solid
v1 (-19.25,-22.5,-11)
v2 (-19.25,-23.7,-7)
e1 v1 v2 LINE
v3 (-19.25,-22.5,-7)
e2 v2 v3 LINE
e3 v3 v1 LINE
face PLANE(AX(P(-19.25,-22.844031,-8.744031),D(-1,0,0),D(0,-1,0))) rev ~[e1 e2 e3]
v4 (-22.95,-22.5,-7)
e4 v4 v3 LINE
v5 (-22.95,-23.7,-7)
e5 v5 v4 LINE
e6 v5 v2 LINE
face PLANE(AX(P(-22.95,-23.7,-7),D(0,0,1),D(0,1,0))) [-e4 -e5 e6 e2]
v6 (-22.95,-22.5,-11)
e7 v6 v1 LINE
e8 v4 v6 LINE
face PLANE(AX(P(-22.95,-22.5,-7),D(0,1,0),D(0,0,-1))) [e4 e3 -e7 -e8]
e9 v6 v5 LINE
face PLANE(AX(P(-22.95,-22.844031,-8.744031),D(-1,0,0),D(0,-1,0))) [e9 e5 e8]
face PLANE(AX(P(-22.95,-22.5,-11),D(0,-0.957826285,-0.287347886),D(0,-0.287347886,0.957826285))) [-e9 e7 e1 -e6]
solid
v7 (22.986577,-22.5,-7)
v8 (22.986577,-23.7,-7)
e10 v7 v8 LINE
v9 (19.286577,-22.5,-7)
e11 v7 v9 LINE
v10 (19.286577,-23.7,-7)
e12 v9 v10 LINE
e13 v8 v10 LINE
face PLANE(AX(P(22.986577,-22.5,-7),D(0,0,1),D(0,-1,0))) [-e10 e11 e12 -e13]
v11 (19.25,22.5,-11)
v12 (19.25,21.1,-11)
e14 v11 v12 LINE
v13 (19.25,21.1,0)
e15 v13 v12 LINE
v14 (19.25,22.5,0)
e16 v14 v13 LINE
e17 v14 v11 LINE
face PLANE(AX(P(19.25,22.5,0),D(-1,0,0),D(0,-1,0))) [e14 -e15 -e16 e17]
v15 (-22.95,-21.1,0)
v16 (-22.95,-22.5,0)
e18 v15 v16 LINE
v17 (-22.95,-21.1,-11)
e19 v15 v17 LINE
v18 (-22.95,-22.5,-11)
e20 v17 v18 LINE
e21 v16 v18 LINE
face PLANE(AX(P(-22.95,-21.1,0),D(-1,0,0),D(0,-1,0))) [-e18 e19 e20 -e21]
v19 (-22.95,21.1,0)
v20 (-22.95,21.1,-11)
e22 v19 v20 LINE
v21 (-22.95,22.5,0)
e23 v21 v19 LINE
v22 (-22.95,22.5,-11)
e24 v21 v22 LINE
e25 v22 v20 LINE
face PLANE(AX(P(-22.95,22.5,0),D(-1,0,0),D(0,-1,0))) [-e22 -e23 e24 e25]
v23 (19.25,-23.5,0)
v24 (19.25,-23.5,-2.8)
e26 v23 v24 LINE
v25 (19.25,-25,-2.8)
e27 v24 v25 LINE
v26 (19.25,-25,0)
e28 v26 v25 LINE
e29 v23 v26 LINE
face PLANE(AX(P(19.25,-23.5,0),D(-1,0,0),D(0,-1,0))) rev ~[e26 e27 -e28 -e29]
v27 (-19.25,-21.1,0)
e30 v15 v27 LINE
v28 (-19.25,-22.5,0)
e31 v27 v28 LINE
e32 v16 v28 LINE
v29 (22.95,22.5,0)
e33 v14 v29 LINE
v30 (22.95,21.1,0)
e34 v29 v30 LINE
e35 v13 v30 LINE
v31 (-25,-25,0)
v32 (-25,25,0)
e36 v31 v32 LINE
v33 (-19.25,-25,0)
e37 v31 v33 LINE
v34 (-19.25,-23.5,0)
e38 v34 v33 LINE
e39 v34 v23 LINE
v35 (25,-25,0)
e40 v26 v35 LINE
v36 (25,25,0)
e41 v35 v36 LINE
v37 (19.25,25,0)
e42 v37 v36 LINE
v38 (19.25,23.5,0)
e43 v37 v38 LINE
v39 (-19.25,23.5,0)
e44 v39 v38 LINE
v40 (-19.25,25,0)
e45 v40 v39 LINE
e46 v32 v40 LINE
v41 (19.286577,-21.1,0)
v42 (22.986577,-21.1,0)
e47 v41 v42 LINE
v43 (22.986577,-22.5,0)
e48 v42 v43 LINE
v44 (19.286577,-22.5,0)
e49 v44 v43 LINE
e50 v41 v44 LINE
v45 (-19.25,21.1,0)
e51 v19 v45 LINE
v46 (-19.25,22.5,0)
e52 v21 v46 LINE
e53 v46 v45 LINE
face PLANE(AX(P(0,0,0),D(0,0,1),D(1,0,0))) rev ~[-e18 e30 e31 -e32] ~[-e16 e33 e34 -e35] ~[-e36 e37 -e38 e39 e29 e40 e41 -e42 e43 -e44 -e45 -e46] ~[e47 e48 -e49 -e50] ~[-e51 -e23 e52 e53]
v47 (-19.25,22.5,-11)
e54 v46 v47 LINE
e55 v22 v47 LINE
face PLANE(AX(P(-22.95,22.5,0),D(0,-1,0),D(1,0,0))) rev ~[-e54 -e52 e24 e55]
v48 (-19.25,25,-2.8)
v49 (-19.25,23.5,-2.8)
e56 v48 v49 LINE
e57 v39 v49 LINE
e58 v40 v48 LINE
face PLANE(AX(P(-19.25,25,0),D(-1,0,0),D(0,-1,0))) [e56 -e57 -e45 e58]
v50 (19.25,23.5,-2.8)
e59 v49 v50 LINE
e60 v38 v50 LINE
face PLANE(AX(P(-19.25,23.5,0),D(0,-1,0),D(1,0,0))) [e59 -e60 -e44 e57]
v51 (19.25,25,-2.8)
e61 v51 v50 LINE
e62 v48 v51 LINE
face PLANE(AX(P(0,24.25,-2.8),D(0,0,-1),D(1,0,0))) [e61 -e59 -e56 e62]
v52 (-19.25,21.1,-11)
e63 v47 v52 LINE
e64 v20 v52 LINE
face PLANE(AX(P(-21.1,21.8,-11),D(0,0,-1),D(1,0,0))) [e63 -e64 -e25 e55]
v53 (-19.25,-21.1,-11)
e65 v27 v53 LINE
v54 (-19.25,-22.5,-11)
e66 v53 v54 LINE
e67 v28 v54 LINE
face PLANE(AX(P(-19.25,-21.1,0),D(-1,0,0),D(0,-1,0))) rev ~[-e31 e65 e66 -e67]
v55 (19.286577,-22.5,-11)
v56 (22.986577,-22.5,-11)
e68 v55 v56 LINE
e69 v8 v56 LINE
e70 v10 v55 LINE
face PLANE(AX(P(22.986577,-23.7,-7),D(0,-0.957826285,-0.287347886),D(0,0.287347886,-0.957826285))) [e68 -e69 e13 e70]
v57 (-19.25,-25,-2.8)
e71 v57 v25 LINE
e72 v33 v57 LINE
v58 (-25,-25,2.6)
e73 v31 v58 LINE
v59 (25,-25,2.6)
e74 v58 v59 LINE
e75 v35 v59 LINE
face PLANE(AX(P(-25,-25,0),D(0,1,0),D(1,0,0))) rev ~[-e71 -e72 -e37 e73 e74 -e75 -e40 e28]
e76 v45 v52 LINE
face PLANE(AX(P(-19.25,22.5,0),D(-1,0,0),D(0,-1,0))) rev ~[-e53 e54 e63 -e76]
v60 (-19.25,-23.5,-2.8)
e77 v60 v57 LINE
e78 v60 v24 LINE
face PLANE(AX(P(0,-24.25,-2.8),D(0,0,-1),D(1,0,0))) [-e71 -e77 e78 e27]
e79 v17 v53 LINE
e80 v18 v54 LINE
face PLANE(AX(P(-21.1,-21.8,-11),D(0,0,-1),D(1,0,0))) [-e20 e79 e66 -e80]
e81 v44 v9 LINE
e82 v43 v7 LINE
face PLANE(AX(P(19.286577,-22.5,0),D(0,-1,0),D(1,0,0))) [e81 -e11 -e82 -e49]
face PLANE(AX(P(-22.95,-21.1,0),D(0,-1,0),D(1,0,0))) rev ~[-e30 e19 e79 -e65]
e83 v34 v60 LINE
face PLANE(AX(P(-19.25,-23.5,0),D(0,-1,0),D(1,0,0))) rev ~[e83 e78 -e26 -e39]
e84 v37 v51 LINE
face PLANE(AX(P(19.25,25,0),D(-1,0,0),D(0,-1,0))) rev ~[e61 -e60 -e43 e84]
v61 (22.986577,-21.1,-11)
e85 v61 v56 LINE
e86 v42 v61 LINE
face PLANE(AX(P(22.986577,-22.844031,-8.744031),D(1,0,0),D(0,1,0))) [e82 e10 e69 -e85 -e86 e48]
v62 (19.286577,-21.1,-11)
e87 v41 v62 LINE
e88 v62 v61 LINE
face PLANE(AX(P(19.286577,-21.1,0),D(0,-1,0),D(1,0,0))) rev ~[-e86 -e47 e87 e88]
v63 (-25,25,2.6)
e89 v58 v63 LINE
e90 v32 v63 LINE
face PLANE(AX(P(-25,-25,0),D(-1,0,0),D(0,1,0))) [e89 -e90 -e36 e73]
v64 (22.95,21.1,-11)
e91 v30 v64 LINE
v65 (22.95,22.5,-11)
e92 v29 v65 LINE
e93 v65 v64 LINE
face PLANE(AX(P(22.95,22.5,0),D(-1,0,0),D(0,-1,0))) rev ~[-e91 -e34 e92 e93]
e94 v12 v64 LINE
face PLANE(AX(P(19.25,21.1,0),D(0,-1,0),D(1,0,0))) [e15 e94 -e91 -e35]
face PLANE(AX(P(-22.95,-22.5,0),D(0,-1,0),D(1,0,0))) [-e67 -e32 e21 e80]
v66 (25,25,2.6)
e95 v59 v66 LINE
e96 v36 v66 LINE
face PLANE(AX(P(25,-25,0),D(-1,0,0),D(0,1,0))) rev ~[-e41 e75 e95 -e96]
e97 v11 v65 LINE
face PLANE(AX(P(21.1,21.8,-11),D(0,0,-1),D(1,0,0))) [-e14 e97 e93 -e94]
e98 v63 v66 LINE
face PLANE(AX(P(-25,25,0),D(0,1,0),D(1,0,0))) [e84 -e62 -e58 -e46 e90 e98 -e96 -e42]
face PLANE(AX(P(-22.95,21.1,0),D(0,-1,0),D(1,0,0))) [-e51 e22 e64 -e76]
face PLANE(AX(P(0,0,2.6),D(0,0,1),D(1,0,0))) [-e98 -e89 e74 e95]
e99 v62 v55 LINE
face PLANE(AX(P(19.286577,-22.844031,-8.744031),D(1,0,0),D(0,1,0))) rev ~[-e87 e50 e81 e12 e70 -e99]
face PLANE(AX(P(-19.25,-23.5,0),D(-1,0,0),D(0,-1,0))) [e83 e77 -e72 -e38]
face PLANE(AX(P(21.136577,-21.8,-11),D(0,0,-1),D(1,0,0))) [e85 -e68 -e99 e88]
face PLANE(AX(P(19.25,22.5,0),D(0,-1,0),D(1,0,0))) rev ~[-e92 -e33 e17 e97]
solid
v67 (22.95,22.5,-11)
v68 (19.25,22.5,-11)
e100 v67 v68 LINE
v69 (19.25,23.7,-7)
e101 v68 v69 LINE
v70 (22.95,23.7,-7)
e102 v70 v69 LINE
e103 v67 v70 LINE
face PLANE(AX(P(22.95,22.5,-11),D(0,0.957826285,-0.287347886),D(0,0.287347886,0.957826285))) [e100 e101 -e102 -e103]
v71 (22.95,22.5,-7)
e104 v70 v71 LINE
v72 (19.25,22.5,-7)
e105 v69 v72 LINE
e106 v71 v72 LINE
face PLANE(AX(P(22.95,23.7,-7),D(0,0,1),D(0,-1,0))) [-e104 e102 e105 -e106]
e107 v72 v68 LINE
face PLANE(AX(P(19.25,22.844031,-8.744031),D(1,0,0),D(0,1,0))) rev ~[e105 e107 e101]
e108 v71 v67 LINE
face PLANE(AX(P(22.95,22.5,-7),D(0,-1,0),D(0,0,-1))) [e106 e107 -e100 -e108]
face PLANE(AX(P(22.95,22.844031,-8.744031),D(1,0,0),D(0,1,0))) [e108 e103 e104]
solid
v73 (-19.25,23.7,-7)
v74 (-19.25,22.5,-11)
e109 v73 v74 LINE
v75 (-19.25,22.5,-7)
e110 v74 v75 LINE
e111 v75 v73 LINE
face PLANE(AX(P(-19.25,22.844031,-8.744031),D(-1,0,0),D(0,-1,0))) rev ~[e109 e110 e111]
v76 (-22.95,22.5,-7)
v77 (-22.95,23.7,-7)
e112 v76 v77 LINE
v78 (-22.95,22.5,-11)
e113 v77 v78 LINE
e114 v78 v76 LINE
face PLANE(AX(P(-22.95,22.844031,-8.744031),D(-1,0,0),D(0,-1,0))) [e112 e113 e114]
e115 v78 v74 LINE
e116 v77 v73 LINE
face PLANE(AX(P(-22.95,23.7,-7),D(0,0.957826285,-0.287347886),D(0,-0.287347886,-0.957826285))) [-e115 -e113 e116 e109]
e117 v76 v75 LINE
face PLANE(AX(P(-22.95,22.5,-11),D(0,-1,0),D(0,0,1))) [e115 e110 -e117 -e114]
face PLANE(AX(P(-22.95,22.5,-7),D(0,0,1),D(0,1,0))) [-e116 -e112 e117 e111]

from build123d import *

# Parameters (mm, degrees)
F0_W      = 50
F0_H      = 50
F1_DEPTH  = 2.6
F3_W      = 38.5
F3_H      = 1.5
F4_DEPTH  = 2.8
F5_W      = 3.7
F5_H      = 1.4
F6_DEPTH  = 11
F9_DEPTH  = 3.7
F12_DEPTH = 3.7
F15_DEPTH = 3.7
F18_DEPTH = 3.7


with BuildPart() as f1:
    # F0 (on Top) → F1 (new body)
    with BuildSketch(Plane.XY):
        Rectangle(F0_W, F0_H)
    extrude(amount=F1_DEPTH)

    # F3 (on offset) → F4 (join)
    with BuildSketch(Plane(origin=(0, 0, 0), x_dir=(1, 0, 0), z_dir=(0, 0, -1))):
        with Locations((0, 24.25)):
            Rectangle(F3_W, F3_H)
        with Locations((0, -24.25)):
            Rectangle(F3_W, F3_H)
    extrude(amount=F4_DEPTH)

    # F5 (on offset) → F6 (join)
    with BuildSketch(Plane(origin=(0, 0, 0), x_dir=(1, 0, 0), z_dir=(0, 0, -1))):
        with Locations((21.1365766585, 21.8)):
            Rectangle(F5_W, F5_H)
        with Locations((-21.1, 21.8)):
            Rectangle(F5_W, F5_H)
        with Locations((-21.1, -21.8)):
            Rectangle(F5_W, F5_H)
        with Locations((21.1, -21.8)):
            Rectangle(F5_W, F5_H)
    extrude(amount=F6_DEPTH)

    # F8 (on offset) → F9 (join)
    with BuildSketch(Plane.YZ.offset(22.9865766585)):
        Polygon((-23.7, -7), (-22.5, -11), (-22.5, -7), align=None)
    extrude(amount=-F9_DEPTH)


with BuildPart() as f12:
    # F11 (on offset) → F12 (new body)
    with BuildSketch(Plane(origin=(-22.95, 0, 0), x_dir=(0, -1, 0), z_dir=(-1, 0, 0))):
        Polygon((22.5, -7), (22.5, -11), (23.7, -7), align=None)
    extrude(amount=-F12_DEPTH)


with BuildPart() as f15:
    # F14 (on offset) → F15 (new body)
    with BuildSketch(Plane(origin=(-22.95, 0, 0), x_dir=(0, -1, 0), z_dir=(-1, 0, 0))):
        Polygon((-23.7, -7), (-22.5, -11), (-22.5, -7), align=None)
    extrude(amount=-F15_DEPTH)


with BuildPart() as f18:
    # F17 (on offset) → F18 (new body)
    with BuildSketch(Plane.YZ.offset(22.95)):
        Polygon((22.5, -7), (22.5, -11), (23.7, -7), align=None)
    extrude(amount=-F18_DEPTH)


solid = Compound([f1.part, f12.part, f15.part, f18.part])
